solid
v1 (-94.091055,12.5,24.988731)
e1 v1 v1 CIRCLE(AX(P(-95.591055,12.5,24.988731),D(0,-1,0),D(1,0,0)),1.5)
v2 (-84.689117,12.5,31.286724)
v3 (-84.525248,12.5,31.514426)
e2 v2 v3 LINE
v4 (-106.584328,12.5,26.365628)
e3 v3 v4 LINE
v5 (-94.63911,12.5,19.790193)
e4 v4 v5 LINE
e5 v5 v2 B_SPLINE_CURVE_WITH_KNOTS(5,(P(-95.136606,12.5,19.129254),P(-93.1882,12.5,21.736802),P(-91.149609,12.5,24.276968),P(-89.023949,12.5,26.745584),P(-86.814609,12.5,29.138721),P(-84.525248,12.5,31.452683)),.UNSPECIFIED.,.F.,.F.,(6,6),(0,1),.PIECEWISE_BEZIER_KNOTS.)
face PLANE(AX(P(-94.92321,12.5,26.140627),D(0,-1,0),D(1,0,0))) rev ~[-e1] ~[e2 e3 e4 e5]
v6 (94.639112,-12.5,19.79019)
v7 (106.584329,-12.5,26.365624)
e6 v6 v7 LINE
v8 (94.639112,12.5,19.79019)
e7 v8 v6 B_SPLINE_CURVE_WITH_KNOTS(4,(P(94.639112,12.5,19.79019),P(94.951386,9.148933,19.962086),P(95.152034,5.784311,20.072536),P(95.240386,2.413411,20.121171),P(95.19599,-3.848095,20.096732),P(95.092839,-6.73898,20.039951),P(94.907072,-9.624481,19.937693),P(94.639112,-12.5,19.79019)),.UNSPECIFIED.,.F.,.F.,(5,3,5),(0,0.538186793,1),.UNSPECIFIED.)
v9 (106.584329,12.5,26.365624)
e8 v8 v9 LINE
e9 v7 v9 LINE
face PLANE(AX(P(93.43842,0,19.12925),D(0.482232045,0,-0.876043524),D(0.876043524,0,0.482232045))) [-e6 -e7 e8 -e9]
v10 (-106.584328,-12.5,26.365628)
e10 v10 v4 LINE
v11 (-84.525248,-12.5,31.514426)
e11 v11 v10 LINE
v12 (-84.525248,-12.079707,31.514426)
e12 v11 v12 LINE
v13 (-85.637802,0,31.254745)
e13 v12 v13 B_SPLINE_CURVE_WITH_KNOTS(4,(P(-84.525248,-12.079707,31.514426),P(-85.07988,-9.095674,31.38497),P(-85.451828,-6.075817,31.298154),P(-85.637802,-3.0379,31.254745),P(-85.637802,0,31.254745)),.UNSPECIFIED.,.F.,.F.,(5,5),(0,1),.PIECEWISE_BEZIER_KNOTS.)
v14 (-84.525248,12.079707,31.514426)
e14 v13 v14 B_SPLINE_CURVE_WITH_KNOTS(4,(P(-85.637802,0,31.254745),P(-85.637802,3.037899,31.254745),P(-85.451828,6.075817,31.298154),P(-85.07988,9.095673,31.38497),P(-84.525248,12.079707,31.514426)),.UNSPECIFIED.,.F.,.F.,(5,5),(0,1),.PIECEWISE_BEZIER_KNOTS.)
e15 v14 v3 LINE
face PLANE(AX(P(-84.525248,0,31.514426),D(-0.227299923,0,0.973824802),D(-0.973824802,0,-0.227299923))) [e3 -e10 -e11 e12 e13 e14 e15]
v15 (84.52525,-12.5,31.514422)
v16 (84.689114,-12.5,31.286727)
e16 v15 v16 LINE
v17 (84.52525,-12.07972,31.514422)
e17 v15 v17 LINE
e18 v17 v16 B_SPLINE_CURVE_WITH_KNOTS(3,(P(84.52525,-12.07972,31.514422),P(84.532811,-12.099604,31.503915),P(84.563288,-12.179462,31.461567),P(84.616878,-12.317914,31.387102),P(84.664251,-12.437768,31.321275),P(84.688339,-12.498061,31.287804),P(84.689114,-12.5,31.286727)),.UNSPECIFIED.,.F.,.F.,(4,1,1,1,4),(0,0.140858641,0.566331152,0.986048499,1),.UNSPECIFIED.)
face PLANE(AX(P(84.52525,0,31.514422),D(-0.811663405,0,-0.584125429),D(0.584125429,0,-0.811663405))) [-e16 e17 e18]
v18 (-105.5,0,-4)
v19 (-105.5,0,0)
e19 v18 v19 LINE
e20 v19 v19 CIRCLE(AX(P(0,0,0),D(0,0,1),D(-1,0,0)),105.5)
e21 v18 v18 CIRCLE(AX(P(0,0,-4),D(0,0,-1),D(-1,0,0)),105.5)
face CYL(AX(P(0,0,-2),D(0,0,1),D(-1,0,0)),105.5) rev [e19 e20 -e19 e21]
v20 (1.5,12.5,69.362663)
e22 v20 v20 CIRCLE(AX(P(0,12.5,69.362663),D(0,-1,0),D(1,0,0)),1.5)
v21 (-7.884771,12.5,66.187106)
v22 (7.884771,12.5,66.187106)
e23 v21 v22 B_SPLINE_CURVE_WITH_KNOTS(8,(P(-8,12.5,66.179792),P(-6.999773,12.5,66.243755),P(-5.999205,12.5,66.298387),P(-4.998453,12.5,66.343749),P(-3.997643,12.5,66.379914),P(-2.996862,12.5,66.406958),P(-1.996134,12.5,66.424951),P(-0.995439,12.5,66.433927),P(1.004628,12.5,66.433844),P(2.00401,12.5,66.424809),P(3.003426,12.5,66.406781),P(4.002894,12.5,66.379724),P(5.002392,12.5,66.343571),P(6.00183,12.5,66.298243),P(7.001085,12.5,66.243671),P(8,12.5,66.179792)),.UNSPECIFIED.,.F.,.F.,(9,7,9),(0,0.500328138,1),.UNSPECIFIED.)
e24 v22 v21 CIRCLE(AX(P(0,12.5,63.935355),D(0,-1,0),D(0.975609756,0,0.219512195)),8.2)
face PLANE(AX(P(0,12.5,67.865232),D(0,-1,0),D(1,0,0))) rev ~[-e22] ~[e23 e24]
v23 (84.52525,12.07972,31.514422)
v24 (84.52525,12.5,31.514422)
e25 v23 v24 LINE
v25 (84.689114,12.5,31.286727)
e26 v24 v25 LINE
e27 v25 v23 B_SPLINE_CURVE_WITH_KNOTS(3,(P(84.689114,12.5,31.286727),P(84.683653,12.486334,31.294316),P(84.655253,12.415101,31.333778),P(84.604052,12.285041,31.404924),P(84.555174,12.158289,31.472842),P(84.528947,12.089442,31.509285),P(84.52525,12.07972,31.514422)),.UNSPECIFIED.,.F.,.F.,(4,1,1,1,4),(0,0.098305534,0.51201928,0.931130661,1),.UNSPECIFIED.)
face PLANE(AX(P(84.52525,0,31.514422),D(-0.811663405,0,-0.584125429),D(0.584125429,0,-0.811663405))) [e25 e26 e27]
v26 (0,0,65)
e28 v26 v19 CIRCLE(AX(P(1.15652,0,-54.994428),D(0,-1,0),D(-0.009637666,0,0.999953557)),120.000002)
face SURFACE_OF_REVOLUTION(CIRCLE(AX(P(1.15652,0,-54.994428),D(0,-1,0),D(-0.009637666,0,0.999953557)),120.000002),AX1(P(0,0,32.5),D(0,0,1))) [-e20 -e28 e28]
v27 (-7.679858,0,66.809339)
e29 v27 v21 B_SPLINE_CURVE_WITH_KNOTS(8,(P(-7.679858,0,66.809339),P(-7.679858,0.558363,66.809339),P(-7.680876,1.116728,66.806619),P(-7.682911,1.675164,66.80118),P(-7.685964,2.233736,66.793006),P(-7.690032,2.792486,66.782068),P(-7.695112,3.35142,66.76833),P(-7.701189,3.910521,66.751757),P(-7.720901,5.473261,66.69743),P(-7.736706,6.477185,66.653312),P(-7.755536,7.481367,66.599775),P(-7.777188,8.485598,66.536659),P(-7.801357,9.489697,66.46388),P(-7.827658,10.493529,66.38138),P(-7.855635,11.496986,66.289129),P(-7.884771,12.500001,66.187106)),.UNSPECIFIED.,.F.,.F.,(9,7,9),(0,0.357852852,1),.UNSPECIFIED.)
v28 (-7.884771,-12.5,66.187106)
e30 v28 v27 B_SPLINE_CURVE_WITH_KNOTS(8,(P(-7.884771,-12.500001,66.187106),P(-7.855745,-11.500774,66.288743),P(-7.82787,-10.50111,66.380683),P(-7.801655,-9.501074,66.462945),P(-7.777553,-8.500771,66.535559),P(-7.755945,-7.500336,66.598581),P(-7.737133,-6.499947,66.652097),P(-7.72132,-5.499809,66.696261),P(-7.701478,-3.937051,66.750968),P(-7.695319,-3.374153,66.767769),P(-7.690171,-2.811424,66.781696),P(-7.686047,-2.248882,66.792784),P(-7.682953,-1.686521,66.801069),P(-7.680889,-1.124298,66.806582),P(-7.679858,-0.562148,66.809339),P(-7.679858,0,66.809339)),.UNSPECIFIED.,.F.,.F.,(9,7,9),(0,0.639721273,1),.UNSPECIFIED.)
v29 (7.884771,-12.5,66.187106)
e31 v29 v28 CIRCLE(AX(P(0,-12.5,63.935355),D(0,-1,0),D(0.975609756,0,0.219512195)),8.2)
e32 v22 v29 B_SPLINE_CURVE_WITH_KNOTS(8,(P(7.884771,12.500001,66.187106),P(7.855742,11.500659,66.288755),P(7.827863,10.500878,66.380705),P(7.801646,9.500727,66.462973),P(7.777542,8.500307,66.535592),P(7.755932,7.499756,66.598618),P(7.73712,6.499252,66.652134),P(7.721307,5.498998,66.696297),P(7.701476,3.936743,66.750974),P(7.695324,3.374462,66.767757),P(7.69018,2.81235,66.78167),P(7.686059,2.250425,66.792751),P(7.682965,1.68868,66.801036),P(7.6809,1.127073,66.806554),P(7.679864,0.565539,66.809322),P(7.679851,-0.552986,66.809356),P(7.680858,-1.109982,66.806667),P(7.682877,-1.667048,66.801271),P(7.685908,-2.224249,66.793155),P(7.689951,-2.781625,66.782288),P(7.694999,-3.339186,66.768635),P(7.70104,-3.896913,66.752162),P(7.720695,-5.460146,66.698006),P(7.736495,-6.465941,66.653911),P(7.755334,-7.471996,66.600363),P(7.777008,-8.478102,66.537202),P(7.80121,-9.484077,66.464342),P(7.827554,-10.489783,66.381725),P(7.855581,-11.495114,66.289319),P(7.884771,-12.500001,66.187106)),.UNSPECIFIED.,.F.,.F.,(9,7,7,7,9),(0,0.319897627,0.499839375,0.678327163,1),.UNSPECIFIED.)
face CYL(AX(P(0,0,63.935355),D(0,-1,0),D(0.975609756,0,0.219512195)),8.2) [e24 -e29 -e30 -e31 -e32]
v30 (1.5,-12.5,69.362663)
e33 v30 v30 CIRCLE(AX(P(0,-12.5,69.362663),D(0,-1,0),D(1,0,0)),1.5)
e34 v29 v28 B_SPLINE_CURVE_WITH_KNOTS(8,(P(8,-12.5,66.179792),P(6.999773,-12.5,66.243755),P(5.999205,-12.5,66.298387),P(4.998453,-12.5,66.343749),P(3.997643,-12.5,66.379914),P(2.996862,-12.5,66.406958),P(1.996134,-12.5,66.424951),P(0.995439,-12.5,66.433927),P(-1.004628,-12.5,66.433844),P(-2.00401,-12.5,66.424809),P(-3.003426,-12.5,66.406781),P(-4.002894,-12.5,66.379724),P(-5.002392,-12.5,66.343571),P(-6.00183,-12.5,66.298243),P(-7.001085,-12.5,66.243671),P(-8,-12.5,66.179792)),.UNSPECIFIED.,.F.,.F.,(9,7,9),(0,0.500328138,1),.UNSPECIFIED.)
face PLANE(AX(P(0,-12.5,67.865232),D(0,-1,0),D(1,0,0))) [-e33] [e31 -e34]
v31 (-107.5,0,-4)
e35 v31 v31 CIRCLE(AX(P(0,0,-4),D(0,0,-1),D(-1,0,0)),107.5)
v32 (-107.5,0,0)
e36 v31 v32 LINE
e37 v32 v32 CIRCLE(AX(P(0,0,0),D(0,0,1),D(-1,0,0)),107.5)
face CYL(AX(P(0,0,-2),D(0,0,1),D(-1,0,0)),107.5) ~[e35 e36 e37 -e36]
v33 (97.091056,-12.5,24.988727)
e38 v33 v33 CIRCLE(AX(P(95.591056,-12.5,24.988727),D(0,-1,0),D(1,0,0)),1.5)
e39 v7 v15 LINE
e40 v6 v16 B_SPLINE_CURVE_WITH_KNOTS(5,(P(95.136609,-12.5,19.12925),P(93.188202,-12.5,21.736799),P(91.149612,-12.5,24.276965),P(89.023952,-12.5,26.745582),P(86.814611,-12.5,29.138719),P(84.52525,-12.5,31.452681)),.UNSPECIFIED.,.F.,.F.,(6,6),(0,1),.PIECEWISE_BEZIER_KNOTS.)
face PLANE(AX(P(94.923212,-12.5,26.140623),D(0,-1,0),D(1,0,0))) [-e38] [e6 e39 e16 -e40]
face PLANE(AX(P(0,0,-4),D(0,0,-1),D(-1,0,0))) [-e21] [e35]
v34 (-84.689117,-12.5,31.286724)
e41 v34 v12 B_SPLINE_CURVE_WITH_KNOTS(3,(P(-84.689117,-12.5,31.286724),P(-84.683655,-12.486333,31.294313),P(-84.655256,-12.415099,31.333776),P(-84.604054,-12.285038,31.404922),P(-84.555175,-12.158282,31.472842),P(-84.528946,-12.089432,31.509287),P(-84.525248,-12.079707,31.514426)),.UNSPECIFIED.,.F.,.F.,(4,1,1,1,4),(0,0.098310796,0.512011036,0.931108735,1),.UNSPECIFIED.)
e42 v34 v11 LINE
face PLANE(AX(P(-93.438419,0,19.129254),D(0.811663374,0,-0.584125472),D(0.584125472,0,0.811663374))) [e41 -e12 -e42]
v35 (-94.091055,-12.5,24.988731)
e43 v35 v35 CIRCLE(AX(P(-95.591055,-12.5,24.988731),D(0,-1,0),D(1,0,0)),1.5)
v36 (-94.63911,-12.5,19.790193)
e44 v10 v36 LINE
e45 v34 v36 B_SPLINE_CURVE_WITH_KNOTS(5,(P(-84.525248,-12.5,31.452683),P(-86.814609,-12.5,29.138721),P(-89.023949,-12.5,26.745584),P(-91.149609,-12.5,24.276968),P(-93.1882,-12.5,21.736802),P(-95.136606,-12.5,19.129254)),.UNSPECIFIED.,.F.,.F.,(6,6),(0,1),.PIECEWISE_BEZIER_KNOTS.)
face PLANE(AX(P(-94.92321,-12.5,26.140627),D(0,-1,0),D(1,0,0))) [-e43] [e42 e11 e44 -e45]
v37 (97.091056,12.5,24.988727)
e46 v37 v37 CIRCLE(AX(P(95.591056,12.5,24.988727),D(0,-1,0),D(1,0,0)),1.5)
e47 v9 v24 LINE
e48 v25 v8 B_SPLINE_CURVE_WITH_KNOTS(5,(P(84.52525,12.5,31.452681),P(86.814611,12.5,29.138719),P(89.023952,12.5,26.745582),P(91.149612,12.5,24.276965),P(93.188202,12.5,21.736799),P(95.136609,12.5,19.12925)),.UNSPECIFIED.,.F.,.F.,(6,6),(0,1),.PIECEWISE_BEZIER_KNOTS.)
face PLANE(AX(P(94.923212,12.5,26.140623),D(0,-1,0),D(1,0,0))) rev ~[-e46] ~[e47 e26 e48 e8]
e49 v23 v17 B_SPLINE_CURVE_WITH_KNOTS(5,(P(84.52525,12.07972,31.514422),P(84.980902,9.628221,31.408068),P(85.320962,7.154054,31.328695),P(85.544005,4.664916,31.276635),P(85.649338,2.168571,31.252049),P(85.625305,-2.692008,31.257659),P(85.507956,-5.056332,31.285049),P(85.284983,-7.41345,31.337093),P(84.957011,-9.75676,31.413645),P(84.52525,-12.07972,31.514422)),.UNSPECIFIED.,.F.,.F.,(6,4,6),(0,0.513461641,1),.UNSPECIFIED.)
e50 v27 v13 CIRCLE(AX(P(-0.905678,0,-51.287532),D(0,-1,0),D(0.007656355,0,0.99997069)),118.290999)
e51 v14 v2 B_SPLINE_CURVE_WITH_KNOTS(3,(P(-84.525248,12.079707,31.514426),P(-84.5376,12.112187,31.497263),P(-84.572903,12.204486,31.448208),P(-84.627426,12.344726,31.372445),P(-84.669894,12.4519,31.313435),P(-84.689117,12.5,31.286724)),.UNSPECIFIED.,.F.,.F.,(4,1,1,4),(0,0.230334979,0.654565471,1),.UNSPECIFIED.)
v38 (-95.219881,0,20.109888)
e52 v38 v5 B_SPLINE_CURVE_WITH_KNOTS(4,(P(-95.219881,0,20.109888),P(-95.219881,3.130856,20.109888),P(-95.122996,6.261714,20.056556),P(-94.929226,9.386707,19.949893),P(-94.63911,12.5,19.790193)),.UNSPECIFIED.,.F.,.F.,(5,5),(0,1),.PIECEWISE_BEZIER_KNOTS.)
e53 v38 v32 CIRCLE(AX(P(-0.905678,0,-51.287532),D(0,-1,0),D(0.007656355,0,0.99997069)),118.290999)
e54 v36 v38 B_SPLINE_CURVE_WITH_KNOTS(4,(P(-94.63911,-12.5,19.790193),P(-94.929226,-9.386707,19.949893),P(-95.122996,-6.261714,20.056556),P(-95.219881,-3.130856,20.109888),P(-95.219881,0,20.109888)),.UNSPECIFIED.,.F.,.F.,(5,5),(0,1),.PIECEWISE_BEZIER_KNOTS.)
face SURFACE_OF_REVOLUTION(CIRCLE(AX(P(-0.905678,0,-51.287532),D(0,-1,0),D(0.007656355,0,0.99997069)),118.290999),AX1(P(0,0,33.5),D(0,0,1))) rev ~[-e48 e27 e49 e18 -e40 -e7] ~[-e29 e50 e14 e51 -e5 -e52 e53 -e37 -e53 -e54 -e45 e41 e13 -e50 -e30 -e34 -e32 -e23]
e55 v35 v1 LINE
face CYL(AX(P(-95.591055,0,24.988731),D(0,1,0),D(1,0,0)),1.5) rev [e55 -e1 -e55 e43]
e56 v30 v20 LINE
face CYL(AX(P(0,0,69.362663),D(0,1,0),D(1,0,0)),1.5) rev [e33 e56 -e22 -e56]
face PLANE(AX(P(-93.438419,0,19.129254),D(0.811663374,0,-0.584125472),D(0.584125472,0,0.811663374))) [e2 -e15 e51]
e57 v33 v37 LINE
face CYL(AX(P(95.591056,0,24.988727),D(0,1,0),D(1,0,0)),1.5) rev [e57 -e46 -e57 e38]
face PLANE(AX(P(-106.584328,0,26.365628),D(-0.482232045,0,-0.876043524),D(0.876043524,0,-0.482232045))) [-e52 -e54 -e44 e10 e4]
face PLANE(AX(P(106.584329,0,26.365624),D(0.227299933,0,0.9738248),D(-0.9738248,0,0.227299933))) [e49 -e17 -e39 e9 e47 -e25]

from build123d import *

# Parameters (mm, degrees)
F4_W      = 2
F4_H      = 4
F6_R      = 1.5
F7_DEPTH  = 12.5
F8_R      = 1.5
F9_DEPTH  = 12.5
F10_R     = 1.5
F11_DEPTH = 12.5


with BuildPart() as f2:
    # F0 (on Front) → F2 (revolve)
    with BuildSketch(Plane.XZ):
        with BuildLine():
            Line((-107.5, 0), (0, 0))
            Line((0, 0), (0, 67))
            ThreePointArc((0, 67), (-63.47382, 49.101651), (-107.5, 0))
        make_face()
    revolve(axis=Axis((0, 0, 33.5), (0, 0, 1)))

    # F1 (on Front) → F3 (revolve, cut)
    with BuildSketch(Plane.XZ):
        with BuildLine():
            Line((-105.5, 0), (0, 0))
            Line((0, 0), (0, 65))
            ThreePointArc((0, 65), (-61.789194, 47.171307), (-105.5, 0))
        make_face()
    revolve(axis=Axis((0, 0, 32.5), (0, 0, 1)), mode=Mode.SUBTRACT)

    # F4 (on Front) → F5 (revolve)
    with BuildSketch(Plane.XZ):
        with Locations((-106.5, -2)):
            Rectangle(F4_W, F4_H)
    revolve(axis=Axis((0, 0, -3.064933), (0, 0, -1)))

    # F6 (on Front) → F7 (join, symmetric)
    with BuildSketch(Plane.XZ):
        Polygon((-106.584328, 26.365628), (-93.438419, 19.129254), (-84.525248, 31.514426), align=None)
        with Locations((-95.591055, 24.988731)):
            Circle(F6_R, mode=Mode.SUBTRACT)
    extrude(amount=F7_DEPTH, both=True)

    # F8 (on Front) → F9 (join, symmetric)
    with BuildSketch(Plane.XZ):
        Polygon((84.52525, 31.514422), (93.43842, 19.12925), (106.584329, 26.365624), align=None)
        with Locations((95.591056, 24.988727)):
            Circle(F8_R, mode=Mode.SUBTRACT)
    extrude(amount=F9_DEPTH, both=True)

    # F10 (on Front) → F11 (join, symmetric)
    with BuildSketch(Plane.XZ):
        with BuildLine():
            ThreePointArc((8, 65.735355), (0, 72.135355), (-8, 65.735355))
            Line((-8, 65.735355), (8, 65.735355))
        make_face()
        with Locations((0, 69.362663)):
            Circle(F10_R, mode=Mode.SUBTRACT)
    extrude(amount=F11_DEPTH, both=True)


solid = f2.part
